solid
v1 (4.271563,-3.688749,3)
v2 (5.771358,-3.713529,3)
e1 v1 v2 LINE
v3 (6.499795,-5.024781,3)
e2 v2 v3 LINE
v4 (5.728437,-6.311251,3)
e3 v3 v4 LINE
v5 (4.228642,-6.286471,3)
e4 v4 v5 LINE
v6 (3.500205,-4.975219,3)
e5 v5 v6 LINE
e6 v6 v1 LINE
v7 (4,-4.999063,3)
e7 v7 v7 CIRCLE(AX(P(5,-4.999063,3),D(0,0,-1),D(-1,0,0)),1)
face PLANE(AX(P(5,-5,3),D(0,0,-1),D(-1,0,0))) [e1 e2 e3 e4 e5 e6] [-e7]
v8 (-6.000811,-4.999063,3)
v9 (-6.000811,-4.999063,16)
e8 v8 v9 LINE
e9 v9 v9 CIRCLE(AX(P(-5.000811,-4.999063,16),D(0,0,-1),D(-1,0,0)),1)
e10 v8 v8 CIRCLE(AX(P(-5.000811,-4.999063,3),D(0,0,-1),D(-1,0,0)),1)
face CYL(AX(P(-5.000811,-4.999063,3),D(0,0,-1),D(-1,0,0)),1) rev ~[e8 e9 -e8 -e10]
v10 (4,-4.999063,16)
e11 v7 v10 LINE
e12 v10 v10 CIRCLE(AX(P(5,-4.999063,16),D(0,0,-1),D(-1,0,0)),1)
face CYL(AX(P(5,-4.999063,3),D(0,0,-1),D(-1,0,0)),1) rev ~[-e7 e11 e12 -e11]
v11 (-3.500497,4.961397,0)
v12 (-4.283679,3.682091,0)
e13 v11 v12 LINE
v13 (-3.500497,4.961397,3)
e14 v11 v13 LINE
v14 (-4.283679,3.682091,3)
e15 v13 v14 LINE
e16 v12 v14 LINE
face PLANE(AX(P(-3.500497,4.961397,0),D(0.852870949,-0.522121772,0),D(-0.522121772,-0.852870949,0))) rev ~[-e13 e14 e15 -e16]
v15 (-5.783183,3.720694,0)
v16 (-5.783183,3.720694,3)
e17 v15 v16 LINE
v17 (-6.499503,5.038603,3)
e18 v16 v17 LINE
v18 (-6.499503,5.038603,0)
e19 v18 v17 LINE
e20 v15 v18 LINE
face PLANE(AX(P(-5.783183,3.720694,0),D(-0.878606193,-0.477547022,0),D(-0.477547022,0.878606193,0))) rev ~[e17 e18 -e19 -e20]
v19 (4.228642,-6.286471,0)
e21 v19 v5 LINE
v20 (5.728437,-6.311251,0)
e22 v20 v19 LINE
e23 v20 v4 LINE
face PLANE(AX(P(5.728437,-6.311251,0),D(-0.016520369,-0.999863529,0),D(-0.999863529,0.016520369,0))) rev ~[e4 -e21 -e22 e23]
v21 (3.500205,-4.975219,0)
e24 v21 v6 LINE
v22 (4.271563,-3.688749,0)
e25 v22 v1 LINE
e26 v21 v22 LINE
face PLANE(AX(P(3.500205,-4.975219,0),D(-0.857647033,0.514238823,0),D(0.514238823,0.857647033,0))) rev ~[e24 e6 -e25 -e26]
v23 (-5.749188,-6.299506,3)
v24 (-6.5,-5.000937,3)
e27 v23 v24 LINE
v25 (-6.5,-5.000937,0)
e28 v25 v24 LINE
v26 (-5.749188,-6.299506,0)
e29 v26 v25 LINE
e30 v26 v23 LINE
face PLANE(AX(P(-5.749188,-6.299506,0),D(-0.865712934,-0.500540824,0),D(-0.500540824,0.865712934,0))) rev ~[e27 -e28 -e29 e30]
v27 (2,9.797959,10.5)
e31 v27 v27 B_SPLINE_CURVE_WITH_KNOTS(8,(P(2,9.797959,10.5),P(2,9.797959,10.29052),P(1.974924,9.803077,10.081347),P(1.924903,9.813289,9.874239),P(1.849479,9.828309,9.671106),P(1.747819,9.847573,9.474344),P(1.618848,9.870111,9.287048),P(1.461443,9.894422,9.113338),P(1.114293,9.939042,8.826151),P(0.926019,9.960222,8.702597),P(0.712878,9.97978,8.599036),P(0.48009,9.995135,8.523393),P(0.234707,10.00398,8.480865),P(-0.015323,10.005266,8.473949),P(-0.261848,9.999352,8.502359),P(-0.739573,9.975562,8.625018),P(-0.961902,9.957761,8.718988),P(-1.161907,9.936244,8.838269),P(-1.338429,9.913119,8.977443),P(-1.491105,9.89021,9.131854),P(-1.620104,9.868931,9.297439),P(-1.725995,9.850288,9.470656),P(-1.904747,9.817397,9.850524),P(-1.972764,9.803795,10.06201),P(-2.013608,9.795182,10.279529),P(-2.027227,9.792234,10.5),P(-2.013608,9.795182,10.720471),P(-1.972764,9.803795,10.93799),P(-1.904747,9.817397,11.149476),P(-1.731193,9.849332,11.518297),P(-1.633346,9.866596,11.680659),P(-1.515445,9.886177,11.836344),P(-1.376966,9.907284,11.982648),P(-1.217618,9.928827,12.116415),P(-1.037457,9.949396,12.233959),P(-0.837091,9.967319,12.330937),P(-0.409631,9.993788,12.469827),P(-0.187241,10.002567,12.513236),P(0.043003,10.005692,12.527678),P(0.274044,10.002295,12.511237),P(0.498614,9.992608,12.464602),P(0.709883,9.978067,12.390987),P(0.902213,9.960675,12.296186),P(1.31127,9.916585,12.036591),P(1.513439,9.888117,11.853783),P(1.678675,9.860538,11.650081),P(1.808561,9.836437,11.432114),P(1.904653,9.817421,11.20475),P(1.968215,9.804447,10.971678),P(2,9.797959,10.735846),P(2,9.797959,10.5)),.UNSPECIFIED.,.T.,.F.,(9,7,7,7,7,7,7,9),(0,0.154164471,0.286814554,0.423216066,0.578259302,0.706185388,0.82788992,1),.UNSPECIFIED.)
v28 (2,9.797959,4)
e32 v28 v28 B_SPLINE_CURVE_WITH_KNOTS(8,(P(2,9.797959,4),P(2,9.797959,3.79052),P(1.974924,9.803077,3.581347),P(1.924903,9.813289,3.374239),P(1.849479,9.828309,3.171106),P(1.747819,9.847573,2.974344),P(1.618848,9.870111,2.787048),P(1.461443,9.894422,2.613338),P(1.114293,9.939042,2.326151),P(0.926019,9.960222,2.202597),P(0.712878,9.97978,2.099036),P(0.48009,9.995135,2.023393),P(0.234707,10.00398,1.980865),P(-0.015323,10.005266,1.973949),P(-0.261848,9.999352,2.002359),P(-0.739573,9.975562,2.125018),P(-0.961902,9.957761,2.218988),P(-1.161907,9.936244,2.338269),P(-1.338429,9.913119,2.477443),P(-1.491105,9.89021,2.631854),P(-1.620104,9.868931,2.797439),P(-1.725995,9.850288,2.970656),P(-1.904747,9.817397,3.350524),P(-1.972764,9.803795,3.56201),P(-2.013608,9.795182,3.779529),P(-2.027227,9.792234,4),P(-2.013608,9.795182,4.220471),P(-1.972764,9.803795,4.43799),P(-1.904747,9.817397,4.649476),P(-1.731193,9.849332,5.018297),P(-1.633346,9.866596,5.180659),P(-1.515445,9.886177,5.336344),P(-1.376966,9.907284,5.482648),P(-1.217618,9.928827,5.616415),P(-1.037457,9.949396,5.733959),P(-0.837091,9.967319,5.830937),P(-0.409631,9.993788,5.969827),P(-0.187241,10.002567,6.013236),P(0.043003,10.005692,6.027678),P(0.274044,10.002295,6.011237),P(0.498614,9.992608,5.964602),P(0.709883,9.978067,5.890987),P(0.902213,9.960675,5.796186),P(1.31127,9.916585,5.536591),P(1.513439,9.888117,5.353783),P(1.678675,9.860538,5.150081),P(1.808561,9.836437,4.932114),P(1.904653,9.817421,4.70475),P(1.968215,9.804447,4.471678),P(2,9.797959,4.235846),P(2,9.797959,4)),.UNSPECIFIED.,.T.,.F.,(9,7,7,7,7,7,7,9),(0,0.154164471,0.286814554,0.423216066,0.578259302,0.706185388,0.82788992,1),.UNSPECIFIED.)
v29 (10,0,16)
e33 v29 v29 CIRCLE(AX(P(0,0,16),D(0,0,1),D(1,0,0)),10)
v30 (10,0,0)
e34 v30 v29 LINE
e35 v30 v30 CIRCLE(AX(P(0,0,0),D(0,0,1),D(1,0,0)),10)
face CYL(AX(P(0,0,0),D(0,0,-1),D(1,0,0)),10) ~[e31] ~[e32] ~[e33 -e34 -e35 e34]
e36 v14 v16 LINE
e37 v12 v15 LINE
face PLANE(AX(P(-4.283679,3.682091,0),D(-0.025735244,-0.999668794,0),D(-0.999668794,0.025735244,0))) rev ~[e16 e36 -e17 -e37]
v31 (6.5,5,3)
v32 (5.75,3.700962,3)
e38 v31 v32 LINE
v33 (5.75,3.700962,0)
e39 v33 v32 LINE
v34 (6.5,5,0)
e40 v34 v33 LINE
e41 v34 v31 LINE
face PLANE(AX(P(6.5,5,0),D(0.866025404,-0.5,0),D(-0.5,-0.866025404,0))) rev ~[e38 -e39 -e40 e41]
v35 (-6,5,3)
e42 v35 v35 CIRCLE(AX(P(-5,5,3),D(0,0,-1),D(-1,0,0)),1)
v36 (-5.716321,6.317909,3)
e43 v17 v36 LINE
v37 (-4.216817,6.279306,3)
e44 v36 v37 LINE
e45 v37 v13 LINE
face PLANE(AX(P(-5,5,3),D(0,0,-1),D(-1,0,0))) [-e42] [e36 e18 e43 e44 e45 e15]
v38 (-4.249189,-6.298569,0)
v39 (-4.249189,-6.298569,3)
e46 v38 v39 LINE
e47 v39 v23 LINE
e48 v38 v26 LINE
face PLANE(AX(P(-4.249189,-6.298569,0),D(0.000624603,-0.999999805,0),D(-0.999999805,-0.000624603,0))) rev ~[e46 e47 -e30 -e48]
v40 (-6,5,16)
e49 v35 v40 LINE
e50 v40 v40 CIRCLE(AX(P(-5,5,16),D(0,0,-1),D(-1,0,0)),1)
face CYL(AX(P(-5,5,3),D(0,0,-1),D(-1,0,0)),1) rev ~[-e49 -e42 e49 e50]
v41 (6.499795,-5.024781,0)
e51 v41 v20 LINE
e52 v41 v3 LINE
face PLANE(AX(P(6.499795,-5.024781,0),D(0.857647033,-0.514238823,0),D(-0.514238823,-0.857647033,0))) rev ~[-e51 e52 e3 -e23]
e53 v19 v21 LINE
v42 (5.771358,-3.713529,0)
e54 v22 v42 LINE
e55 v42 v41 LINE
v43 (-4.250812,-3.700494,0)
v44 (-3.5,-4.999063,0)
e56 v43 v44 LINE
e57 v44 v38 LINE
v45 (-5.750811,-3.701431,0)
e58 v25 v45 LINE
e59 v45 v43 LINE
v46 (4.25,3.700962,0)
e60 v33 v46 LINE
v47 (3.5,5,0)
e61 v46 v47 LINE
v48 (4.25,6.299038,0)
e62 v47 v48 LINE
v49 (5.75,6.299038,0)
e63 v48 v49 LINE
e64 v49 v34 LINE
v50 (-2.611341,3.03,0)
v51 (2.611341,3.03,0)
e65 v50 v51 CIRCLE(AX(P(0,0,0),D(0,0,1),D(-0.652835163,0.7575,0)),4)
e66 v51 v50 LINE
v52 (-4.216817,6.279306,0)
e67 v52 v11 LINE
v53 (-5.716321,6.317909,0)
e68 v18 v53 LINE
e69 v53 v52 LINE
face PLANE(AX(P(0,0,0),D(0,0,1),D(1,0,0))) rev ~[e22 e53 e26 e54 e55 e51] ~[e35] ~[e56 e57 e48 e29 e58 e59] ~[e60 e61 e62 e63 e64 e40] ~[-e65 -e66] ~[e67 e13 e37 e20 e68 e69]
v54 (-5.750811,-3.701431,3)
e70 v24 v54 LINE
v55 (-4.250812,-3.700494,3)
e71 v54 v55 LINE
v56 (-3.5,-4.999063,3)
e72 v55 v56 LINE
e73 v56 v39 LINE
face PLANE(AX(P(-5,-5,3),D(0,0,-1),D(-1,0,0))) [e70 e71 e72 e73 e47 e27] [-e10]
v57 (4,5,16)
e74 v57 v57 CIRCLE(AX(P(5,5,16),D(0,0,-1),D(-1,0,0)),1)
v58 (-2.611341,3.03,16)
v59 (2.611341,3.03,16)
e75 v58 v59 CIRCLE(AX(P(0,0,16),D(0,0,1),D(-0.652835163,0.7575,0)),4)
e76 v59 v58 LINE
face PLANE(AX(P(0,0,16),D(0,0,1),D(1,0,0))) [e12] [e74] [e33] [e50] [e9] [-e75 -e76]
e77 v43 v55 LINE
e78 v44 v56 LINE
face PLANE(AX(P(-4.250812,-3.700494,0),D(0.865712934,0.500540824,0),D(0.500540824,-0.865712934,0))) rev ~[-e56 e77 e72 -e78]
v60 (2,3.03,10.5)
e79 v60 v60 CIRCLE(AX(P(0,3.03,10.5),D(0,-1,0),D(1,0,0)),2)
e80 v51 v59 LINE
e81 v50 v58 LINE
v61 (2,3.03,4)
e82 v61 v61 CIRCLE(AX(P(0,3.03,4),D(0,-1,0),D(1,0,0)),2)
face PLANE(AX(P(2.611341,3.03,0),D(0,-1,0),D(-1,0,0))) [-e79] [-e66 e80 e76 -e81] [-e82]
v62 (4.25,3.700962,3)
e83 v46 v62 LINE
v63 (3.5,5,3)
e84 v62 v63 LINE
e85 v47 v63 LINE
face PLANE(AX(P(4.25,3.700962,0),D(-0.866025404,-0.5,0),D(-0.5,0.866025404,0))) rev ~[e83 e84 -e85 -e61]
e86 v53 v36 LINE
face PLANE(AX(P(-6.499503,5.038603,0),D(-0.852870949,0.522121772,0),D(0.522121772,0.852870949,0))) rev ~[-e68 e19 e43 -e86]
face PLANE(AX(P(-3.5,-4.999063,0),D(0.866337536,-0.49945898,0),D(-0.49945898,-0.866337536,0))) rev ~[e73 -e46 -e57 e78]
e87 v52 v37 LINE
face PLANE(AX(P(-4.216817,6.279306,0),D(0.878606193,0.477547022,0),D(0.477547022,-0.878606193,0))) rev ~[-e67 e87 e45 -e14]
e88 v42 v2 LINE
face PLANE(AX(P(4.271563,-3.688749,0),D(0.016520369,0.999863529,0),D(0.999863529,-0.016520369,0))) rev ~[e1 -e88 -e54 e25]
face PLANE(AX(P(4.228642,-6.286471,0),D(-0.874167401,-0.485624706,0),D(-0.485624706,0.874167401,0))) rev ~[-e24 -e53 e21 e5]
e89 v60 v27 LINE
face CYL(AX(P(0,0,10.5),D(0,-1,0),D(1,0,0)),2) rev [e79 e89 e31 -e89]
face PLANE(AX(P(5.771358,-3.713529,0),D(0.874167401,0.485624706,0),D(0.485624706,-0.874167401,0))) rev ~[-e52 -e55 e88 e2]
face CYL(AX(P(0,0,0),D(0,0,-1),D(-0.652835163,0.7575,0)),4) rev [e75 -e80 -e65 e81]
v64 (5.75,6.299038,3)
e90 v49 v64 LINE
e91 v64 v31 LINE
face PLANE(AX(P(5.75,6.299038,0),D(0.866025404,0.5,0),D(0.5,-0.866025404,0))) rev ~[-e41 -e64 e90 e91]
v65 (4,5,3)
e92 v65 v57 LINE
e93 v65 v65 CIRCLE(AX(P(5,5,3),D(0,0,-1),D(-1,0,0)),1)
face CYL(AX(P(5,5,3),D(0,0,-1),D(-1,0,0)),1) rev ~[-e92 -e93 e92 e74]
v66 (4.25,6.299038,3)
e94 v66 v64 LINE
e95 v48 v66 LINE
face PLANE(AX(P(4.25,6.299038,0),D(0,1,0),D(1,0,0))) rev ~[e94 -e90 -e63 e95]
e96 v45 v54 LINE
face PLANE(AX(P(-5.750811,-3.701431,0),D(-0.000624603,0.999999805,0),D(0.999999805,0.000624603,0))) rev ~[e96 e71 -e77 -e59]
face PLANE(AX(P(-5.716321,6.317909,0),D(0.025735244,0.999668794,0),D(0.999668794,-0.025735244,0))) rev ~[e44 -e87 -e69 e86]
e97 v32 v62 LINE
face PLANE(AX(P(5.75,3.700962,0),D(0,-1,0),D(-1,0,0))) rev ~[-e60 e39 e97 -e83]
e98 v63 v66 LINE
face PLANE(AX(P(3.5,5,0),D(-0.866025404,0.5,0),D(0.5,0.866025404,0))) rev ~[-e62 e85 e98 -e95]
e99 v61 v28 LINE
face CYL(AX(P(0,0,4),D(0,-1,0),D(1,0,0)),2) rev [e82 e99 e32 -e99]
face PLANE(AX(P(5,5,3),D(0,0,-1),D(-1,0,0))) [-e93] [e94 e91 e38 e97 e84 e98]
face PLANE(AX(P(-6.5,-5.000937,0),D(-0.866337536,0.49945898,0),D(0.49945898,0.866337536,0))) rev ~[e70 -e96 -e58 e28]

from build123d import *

# Parameters (mm, degrees)
CROQUIS1_R              = 10
SALIENTE_EXTRUIR1_DEPTH = 16
CROQUIS2_R              = 2
CORTAR_EXTRUIR1_DEPTH   = 20
CORTAR_EXTRUIR2_DEPTH   = 3
CROQUIS5_R              = 1
CORTAR_EXTRUIR3_DEPTH   = 14.0000001


with BuildPart() as part:
    # Croquis1 → Saliente-Extruir1 (new body)
    with BuildSketch(Plane.XY):
        Circle(CROQUIS1_R)
        with BuildLine():
            Line((2.611340652, 3.03), (-2.611340652, 3.03))
            ThreePointArc((-2.611340652, 3.03), (0, -4), (2.611340652, 3.03))
        make_face(mode=Mode.SUBTRACT)
    extrude(amount=SALIENTE_EXTRUIR1_DEPTH)

    # Croquis2 → Cortar-Extruir1 (cut)
    with BuildSketch(Plane(origin=(0, 0, 0), x_dir=(1, 0, 0), z_dir=(0, 1, 0))):
        with Locations((0, -4)):
            Circle(CROQUIS2_R)
        with Locations((0, -10.5)):
            Circle(CROQUIS2_R)
    extrude(amount=CORTAR_EXTRUIR1_DEPTH, mode=Mode.SUBTRACT)

    # Croquis3 → Cortar-Extruir2 (cut)
    with BuildSketch(Plane(origin=(0, 0, 0), x_dir=(-1, 0, 0), z_dir=(0, 0, -1))):
        Polygon((-3.5, 5), (-4.25, 6.299038106), (-5.75, 6.299038106), (-6.5, 5), (-5.75, 3.700961894), (-4.25, 3.700961894), align=None)
        Polygon((6.499503191, 5.038602866), (5.716320533, 6.317909289), (4.216817342, 6.279306423), (3.500496809, 4.961397134), (4.283679467, 3.682090711), (5.783182658, 3.720693577), align=None)
        Polygon((6.499999707, -5.000936904), (5.750811237, -3.7014306), (4.250811529, -3.700493696), (3.500000293, -4.999063096), (4.249188763, -6.2985694), (5.749188471, -6.299506304), align=None)
        Polygon((-3.500204706, -4.975219447), (-4.271562941, -3.688748898), (-5.771358235, -3.713529451), (-6.499795294, -5.024780553), (-5.728437059, -6.311251102), (-4.228641765, -6.286470549), align=None)
    extrude(amount=-CORTAR_EXTRUIR2_DEPTH, mode=Mode.SUBTRACT)

    # Croquis5 → Cortar-Extruir3 (cut, through all)
    with BuildSketch(Plane(origin=(0, 0, 3), x_dir=(-1, 0, 0), z_dir=(0, 0, -1))):
        with Locations((-5, 5)):
            Circle(CROQUIS5_R)
        with Locations((5, 5)):
            Circle(CROQUIS5_R)
        with Locations((5.000811383, -4.999063096)):
            Circle(CROQUIS5_R)
        with Locations((-5, -4.999063096)):
            Circle(CROQUIS5_R)
    extrude(amount=-CORTAR_EXTRUIR3_DEPTH, mode=Mode.SUBTRACT)


solid = part.part
